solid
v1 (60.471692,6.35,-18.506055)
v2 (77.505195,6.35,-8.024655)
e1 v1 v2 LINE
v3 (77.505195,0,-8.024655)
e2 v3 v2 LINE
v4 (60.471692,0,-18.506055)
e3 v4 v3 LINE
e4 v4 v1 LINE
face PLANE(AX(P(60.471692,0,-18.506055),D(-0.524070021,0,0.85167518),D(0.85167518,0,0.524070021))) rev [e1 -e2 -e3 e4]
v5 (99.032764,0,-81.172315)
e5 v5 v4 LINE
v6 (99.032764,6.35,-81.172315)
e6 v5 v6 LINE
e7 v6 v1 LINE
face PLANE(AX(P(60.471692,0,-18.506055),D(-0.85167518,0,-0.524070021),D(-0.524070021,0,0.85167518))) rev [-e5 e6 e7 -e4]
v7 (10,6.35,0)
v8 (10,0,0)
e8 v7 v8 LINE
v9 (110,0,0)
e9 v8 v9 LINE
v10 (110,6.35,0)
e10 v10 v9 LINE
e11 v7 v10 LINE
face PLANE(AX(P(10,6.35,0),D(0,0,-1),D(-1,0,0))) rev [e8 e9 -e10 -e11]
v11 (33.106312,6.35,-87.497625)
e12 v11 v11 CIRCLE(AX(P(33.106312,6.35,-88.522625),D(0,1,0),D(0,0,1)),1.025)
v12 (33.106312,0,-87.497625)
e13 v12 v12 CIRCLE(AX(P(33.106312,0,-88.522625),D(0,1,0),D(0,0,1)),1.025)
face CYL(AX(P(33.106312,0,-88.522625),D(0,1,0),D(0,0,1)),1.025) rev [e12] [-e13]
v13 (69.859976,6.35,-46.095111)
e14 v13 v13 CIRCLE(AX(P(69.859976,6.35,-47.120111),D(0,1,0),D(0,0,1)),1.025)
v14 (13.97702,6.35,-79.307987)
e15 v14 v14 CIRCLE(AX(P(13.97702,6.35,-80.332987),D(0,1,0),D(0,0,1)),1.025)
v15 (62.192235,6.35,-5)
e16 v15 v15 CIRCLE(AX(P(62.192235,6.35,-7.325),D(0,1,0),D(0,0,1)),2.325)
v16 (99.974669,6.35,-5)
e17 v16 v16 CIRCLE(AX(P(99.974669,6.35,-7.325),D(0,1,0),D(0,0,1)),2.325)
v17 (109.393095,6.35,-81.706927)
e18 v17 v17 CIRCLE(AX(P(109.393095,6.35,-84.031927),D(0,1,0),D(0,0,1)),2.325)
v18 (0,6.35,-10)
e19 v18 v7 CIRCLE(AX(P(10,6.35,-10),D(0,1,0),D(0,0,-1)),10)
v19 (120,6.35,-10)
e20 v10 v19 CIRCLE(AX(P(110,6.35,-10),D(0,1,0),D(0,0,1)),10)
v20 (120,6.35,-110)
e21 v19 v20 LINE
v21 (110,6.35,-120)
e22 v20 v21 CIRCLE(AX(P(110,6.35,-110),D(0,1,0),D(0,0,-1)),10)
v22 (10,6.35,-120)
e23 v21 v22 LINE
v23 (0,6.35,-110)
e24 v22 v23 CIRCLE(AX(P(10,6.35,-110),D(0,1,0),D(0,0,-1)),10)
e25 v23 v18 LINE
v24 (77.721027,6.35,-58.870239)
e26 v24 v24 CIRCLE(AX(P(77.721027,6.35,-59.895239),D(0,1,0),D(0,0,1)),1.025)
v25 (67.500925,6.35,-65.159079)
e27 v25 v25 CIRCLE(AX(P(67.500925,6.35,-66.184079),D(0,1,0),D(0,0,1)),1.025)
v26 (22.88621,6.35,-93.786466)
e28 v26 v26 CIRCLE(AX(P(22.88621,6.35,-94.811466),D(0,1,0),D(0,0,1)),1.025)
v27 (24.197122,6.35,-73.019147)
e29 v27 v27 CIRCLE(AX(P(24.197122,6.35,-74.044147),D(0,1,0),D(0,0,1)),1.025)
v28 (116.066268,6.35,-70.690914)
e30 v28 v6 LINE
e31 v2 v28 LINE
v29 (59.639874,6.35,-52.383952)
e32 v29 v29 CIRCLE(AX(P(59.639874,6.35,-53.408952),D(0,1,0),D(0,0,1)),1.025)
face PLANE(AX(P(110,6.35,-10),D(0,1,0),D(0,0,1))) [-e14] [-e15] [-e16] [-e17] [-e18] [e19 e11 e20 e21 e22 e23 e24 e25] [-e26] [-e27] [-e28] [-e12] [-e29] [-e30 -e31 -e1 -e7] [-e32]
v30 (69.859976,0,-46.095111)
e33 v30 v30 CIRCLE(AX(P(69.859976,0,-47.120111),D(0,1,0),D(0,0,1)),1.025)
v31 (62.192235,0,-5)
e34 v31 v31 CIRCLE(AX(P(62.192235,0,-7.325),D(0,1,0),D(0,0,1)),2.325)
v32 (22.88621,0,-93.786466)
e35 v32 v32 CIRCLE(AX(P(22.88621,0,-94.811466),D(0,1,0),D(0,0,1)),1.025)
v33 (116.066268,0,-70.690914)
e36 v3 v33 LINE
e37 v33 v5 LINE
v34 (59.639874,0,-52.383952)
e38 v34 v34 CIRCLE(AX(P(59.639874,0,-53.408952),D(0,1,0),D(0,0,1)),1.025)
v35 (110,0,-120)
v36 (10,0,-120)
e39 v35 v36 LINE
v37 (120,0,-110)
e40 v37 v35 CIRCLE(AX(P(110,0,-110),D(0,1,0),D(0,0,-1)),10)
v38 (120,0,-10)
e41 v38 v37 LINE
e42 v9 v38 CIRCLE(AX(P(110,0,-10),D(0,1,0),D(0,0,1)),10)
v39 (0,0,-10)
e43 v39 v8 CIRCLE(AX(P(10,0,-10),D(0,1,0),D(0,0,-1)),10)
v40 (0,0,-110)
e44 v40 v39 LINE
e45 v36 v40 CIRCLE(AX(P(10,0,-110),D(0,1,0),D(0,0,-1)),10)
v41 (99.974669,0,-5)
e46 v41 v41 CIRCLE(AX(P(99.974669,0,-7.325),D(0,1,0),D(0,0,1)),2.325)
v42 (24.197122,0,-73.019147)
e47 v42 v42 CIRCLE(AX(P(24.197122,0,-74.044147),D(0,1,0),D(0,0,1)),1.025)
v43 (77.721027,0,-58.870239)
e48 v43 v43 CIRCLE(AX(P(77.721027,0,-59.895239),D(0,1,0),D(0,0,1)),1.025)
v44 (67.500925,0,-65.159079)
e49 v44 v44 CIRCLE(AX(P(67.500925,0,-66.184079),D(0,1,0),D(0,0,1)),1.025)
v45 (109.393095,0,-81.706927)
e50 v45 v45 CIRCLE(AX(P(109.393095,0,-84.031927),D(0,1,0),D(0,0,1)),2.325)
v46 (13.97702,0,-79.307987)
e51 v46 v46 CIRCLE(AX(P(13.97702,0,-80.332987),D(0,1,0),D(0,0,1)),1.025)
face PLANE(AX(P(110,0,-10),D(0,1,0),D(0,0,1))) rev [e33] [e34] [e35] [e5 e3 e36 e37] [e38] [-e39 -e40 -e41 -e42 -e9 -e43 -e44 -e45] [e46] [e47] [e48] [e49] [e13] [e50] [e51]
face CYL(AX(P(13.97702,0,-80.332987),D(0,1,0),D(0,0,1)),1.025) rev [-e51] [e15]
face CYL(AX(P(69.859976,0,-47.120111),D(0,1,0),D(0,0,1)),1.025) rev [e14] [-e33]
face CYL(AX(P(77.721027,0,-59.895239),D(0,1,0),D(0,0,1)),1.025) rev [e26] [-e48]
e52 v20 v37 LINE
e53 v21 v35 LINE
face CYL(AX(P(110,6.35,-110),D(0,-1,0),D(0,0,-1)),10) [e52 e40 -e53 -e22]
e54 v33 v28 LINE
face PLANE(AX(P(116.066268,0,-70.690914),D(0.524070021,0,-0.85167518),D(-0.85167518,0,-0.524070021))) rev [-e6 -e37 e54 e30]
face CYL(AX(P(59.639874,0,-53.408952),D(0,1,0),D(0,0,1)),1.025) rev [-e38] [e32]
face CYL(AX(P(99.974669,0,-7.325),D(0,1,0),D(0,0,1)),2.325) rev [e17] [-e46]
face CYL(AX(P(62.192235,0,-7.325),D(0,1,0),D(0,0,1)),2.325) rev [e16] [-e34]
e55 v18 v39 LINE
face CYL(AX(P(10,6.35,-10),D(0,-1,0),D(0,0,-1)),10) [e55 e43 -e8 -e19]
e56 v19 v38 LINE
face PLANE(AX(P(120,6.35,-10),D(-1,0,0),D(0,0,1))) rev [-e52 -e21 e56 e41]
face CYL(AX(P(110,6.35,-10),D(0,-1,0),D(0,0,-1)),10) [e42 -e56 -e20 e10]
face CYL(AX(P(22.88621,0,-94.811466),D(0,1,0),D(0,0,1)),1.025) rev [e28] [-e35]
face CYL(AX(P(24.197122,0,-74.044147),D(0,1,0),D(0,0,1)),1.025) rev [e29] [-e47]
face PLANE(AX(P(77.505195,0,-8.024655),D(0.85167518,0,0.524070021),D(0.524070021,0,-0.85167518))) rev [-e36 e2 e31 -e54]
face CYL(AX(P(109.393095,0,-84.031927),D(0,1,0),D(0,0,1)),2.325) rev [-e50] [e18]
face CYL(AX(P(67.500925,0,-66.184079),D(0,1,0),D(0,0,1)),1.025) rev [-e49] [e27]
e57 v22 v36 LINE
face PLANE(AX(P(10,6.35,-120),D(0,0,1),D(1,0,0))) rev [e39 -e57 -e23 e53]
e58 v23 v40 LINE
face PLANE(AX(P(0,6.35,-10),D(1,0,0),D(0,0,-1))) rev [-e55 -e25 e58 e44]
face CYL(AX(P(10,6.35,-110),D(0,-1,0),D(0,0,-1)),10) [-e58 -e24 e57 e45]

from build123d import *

# Parameters (mm, degrees)
BOSS_EXTRUDE1_DEPTH = 6.35
SKETCH2_R           = 2.325
CUT_EXTRUDE1_DEPTH  = 170.824387236
SKETCH5_R           = 1.025
CUT_EXTRUDE2_DEPTH  = 170.824387236


with BuildPart() as part:
    # Sketch1 → Boss-Extrude1 (new body)
    with BuildSketch(Plane(origin=(0, 0, 0), x_dir=(1, 0, 0), z_dir=(0, 1, 0))):
        with BuildLine():
            Line((10, 0), (110, 0))
            ThreePointArc((110, 0), (117.071067812, 2.928932188), (120, 10))
            Line((120, 10), (120, 110))
            ThreePointArc((120, 110), (117.071067812, 117.071067812), (110, 120))
            Line((110, 120), (10, 120))
            ThreePointArc((10, 120), (2.928932188, 117.071067812), (0, 110))
            Line((0, 110), (0, 10))
            ThreePointArc((0, 10), (2.928932188, 2.928932188), (10, 0))
        make_face()
    extrude(amount=BOSS_EXTRUDE1_DEPTH)

    # Sketch2 → Cut-Extrude1 (cut, through all)
    with BuildSketch(Plane(origin=(0, 6.35, 0), x_dir=(1, 0, 0), z_dir=(0, 1, 0))):
        with Locations(Location((62.192235265, 7.325, 0), (0, 0, 270))):
            Circle(SKETCH2_R)
        with Locations(Location((99.974668934, 7.325, 0), (0, 0, 270))):
            Circle(SKETCH2_R)
        with Locations(Location((109.393095317, 84.031927265, 0), (0, 0, 270))):
            Circle(SKETCH2_R)
        Polygon((60.471691743, 18.506055104), (77.505195351, 8.02465468), (116.066267511, 70.690914453), (99.032763904, 81.172314877), align=None)
    extrude(amount=-CUT_EXTRUDE1_DEPTH, mode=Mode.SUBTRACT)

    # Sketch5 → Cut-Extrude2 (cut, through all)
    with BuildSketch(Plane(origin=(0, 6.35, 0), x_dir=(1, 0, 0), z_dir=(0, 1, 0))):
        with Locations(Location((69.859976402, 47.120111286, 0), (0, 0, 270))):
            Circle(SKETCH5_R)
        with Locations(Location((59.639874237, 53.408951541, 0), (0, 0, 270))):
            Circle(SKETCH5_R)
        with Locations(Location((77.72102672, 59.895238992, 0), (0, 0, 270))):
            Circle(SKETCH5_R)
        with Locations(Location((67.500924556, 66.184079246, 0), (0, 0, 270))):
            Circle(SKETCH5_R)
        with Locations(Location((13.977019656, 80.332987484, 0), (0, 0, 270))):
            Circle(SKETCH5_R)
        with Locations(Location((24.197121821, 74.04414723, 0), (0, 0, 270))):
            Circle(SKETCH5_R)
        with Locations(Location((33.106312181, 88.522625296, 0), (0, 0, 270))):
            Circle(SKETCH5_R)
        with Locations(Location((22.886210017, 94.811465551, 0), (0, 0, 270))):
            Circle(SKETCH5_R)
    extrude(amount=-CUT_EXTRUDE2_DEPTH, mode=Mode.SUBTRACT)


solid = part.part
